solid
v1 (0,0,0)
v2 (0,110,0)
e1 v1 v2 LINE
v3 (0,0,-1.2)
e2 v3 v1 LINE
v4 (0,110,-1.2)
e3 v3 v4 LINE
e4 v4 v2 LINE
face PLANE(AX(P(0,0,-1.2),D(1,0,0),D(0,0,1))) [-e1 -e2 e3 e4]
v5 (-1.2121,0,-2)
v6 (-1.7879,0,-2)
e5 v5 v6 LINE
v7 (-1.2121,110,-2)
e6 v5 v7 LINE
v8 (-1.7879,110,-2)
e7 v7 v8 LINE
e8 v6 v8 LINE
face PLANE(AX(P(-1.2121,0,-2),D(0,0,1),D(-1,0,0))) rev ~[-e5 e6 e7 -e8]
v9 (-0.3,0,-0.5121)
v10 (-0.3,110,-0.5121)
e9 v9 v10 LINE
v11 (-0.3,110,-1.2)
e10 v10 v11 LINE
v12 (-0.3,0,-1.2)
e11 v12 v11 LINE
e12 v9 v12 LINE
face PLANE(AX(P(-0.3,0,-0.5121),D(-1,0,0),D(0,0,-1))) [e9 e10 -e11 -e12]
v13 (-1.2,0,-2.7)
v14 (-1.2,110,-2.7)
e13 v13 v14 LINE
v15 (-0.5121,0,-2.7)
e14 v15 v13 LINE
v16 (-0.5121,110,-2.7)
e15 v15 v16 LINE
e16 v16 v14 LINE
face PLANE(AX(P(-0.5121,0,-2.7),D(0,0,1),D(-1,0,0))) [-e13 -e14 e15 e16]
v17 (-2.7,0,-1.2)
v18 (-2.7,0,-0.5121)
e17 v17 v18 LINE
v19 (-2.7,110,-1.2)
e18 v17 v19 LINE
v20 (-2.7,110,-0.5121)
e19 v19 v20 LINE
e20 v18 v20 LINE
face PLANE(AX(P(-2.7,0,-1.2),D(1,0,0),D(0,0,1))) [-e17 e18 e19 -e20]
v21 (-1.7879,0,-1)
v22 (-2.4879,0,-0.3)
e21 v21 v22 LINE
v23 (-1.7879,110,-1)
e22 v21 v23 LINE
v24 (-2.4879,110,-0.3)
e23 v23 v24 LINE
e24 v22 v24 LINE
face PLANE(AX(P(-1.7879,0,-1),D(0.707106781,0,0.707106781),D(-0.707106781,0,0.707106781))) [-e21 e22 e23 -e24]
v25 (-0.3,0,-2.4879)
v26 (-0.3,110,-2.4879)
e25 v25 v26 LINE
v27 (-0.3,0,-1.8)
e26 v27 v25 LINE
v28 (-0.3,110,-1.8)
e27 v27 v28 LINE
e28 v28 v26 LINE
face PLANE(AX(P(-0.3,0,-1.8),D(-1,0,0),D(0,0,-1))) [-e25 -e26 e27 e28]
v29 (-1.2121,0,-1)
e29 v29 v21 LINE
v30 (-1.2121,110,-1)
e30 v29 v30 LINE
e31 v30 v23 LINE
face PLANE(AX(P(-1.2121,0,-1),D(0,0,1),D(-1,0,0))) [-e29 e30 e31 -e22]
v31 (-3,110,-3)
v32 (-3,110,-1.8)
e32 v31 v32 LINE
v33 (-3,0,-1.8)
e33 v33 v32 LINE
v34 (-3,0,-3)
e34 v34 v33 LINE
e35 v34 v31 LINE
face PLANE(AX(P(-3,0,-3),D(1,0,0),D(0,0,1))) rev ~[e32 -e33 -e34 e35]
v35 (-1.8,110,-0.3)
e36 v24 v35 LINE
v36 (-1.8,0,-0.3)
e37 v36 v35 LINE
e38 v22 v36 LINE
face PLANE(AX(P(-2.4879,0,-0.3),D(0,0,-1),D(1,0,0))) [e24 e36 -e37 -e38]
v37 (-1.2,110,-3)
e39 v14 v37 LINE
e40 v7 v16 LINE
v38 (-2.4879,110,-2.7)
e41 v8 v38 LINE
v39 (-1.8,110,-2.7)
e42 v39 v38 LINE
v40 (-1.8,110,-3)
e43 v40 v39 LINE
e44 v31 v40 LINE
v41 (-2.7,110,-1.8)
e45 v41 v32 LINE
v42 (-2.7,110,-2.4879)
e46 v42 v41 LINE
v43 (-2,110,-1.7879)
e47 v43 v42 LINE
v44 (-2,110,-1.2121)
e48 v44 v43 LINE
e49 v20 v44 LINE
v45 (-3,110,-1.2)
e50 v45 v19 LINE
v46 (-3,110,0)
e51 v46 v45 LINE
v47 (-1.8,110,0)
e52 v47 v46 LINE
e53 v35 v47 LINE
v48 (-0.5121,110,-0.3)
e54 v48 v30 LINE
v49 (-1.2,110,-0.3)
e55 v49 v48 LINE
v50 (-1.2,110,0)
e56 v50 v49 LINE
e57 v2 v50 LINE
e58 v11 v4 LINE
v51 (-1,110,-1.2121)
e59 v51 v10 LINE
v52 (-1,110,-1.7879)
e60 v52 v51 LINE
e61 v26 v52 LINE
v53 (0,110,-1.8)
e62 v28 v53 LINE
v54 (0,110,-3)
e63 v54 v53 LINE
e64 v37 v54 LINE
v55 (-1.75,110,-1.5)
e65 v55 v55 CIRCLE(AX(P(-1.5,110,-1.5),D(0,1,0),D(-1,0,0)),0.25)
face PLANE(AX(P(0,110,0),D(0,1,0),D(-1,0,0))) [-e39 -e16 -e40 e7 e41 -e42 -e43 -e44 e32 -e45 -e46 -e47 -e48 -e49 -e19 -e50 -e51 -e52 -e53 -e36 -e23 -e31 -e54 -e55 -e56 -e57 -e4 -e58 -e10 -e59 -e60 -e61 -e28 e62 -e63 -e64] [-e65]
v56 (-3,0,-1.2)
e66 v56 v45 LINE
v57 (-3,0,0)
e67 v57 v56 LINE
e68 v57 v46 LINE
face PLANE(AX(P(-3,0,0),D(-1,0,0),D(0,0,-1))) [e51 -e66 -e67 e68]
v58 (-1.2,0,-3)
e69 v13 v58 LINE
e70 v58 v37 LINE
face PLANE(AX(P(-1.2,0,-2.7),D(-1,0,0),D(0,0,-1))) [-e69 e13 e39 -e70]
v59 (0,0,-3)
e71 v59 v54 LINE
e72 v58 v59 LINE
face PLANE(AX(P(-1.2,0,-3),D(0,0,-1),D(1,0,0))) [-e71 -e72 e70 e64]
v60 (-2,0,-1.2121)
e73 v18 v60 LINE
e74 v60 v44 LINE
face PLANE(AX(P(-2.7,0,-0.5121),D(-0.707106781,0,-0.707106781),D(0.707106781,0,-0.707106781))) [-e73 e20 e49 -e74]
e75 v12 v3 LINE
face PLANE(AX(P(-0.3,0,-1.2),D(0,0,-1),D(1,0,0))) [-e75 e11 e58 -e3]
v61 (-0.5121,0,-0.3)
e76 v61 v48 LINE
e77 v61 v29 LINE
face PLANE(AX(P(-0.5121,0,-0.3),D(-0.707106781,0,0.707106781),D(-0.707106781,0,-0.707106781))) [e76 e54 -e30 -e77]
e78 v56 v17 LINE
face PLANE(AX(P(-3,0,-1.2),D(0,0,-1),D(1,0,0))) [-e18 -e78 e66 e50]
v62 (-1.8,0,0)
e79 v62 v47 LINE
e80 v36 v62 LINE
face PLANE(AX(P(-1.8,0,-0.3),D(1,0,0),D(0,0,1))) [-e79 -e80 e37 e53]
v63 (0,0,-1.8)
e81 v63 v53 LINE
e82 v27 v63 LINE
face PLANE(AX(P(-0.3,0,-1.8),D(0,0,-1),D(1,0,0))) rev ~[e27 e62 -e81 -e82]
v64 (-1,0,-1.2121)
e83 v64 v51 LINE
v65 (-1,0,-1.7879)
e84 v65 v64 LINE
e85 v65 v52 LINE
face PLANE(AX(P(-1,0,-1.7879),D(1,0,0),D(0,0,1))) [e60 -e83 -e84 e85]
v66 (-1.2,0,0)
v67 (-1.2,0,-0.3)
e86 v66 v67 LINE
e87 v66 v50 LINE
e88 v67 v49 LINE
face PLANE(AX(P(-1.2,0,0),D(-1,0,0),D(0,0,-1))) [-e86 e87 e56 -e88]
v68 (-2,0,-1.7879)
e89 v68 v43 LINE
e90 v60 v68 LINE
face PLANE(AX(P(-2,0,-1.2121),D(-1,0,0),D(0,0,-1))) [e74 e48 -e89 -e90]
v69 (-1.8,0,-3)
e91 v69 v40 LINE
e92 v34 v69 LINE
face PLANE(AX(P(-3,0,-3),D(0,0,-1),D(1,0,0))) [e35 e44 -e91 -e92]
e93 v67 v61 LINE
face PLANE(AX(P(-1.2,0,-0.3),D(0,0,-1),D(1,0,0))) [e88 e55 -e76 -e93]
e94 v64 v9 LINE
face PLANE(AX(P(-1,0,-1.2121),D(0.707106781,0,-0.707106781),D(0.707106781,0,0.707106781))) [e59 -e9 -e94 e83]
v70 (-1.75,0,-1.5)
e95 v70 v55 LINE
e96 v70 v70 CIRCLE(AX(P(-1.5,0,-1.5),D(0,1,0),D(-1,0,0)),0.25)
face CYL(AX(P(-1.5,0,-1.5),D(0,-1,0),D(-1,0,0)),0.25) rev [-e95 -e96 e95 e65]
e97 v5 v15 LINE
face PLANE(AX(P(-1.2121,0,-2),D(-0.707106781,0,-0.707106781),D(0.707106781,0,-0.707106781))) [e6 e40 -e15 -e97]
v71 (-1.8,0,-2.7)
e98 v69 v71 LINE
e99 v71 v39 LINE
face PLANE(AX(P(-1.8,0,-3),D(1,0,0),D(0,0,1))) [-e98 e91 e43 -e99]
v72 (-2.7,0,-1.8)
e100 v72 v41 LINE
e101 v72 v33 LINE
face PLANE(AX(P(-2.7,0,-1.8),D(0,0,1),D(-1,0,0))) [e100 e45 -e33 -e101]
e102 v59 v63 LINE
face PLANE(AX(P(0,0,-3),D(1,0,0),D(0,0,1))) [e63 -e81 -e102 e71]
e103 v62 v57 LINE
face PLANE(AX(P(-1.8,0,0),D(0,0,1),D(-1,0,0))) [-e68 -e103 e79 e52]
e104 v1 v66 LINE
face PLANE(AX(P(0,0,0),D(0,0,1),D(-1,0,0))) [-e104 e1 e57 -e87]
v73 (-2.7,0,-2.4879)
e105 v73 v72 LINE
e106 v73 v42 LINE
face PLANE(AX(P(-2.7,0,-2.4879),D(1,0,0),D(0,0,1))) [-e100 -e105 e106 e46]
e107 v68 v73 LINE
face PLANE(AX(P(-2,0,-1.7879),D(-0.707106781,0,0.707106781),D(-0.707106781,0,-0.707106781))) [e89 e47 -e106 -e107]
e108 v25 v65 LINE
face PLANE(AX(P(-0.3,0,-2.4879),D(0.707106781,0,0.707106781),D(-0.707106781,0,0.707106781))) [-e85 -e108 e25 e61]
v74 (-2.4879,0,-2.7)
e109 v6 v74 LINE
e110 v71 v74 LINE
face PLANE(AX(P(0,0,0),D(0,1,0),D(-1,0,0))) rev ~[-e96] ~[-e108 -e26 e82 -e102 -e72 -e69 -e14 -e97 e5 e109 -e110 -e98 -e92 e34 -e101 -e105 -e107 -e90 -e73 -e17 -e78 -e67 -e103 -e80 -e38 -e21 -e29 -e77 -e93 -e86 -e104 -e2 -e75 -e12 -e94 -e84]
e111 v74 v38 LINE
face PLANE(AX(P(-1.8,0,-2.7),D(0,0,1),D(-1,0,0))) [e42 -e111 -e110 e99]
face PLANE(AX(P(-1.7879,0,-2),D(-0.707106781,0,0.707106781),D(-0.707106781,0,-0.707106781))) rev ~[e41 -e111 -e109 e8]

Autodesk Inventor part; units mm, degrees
ref_plane "YZ Plane" through (0, 0, 0) normal (1, 0, 0) x (0, 1, 0)
ref_plane "XZ Plane" through (0, 0, 0) normal (0, 1, 0) x (-1, 0, 0)
ref_plane "XY Plane" through (0, 0, 0) normal (0, 0, 1) x (1, 0, 0)
sketch "Skizze1" plane through (0, 0, 0) normal (0, 1, 0) x (-1, 0, 0)
  line L0 (0, 0) -> (3, 0) construction
  line L1 (3, 0) -> (3, -3) construction
  line L2 (3, -3) -> (0, -3) construction
  line L3 (0, -3) -> (0, 0) construction
  line L4 (3, -1.5) -> (0, -1.5) construction
  line L5 (1.5, -3) -> (1.5, 0) construction
  circle A0 centre (1.5, -1.5) radius 0.25
  line L6 (2, -1) -> (1, -1) construction
  line L7 (1, -1) -> (1, -2) construction
  line L8 (1, -2) -> (2, -2) construction
  line L9 (2, -2) -> (2, -1) construction
  line L10 (1.5, -1) -> (1.5, -2) construction
  line L11 (2, -1.5) -> (1, -1.5) construction
  line L12 (3, -1.2) -> (0, -1.2) construction
  line L13 (1.2, 0) -> (1.2, -3) construction
  line L14 (0, -1.8) -> (3, -1.8) construction
  line L15 (1.8, 0) -> (1.8, -3) construction
  line L16 (2.7, -2.7) -> (2.7, -0.3) construction
  line L17 (2.7, -0.3) -> (0.3, -0.3) construction
  line L18 (0.3, -0.3) -> (0.3, -2.7) construction
  line L19 (0.3, -2.7) -> (2.7, -2.7) construction
  line L20 (2.7, -0.3) -> (0.3, -2.7) construction
  line L21 (2.7, -2.7) -> (0.3, -0.3) construction
  line L22 (2.7, -0.5121) -> (0.5121, -2.7) construction
  line L23 (0.3, -2.4879) -> (2.4879, -0.3) construction
  line L24 (0.5121, -0.3) -> (2.7, -2.4879) construction
  line L25 (2.4879, -2.7) -> (0.3, -0.5121) construction
  line L26 (3, 0) -> (3, -1.2)
  line L27 (3, -1.2) -> (2.7, -1.2)
  line L28 (2.7, -1.2) -> (2.7, -0.5121)
  line L29 (2.7, -0.5121) -> (2, -1.2121)
  line L30 (2, -1.2121) -> (2, -1.7879)
  line L31 (2, -1.7879) -> (2.7, -2.4879)
  line L32 (2.7, -2.4879) -> (2.7, -1.8)
  line L33 (2.7, -1.8) -> (3, -1.8)
  line L34 (3, -3) -> (3, -1.8)
  line L35 (3, -3) -> (1.8, -3)
  line L36 (1.8, -3) -> (1.8, -2.7)
  line L37 (1.8, -2.7) -> (2.4879, -2.7)
  line L38 (1.7879, -2) -> (2.4879, -2.7)
  line L39 (1.2121, -2) -> (1.7879, -2)
  line L40 (1.2121, -2) -> (0.5121, -2.7)
  line L41 (0.5121, -2.7) -> (1.2, -2.7)
  line L42 (1.2, -2.7) -> (1.2, -3)
  line L43 (1.2, -3) -> (0, -3)
  line L44 (0, -3) -> (0, -1.8)
  line L45 (0.3, -1.8) -> (0, -1.8)
  line L46 (0.3, -1.8) -> (0.3, -2.4879)
  line L47 (0.3, -2.4879) -> (1, -1.7879)
  line L48 (1, -1.7879) -> (1, -1.2121)
  line L49 (1, -1.2121) -> (0.3, -0.5121)
  line L50 (0.3, -0.5121) -> (0.3, -1.2)
  line L51 (0.3, -1.2) -> (0, -1.2)
  line L52 (0, -1.2) -> (0, 0)
  line L53 (0, 0) -> (1.2, 0)
  line L54 (1.2, 0) -> (1.2, -0.3)
  line L55 (1.2, -0.3) -> (0.5121, -0.3)
  line L56 (0.5121, -0.3) -> (1.2121, -1)
  line L57 (1.2121, -1) -> (1.7879, -1)
  line L58 (1.7879, -1) -> (2.4879, -0.3)
  line L59 (2.4879, -0.3) -> (1.8, -0.3)
  line L60 (1.8, -0.3) -> (1.8, 0)
  line L61 (1.8, 0) -> (3, 0)
  dimension "d0" = 3
  dimension "d1" = 3
  dimension "d2" = 0.5
  dimension "d3" = 1
  dimension "d4" = 1
  dimension "d5" = 1.2
  dimension "d6" = 1.2
  dimension "d7" = 1.2
  dimension "d8" = 1.2
  dimension "d9" = 0.3
  dimension "d10" = 0.15
  dimension "d11" = 0.15
  dimension "d12" = 0.15
  dimension "d13" = 0.15
extrude "Extrusion1" add sketch "Skizze1" along normal blind 110
properties part number "item_30x30_110cm"
